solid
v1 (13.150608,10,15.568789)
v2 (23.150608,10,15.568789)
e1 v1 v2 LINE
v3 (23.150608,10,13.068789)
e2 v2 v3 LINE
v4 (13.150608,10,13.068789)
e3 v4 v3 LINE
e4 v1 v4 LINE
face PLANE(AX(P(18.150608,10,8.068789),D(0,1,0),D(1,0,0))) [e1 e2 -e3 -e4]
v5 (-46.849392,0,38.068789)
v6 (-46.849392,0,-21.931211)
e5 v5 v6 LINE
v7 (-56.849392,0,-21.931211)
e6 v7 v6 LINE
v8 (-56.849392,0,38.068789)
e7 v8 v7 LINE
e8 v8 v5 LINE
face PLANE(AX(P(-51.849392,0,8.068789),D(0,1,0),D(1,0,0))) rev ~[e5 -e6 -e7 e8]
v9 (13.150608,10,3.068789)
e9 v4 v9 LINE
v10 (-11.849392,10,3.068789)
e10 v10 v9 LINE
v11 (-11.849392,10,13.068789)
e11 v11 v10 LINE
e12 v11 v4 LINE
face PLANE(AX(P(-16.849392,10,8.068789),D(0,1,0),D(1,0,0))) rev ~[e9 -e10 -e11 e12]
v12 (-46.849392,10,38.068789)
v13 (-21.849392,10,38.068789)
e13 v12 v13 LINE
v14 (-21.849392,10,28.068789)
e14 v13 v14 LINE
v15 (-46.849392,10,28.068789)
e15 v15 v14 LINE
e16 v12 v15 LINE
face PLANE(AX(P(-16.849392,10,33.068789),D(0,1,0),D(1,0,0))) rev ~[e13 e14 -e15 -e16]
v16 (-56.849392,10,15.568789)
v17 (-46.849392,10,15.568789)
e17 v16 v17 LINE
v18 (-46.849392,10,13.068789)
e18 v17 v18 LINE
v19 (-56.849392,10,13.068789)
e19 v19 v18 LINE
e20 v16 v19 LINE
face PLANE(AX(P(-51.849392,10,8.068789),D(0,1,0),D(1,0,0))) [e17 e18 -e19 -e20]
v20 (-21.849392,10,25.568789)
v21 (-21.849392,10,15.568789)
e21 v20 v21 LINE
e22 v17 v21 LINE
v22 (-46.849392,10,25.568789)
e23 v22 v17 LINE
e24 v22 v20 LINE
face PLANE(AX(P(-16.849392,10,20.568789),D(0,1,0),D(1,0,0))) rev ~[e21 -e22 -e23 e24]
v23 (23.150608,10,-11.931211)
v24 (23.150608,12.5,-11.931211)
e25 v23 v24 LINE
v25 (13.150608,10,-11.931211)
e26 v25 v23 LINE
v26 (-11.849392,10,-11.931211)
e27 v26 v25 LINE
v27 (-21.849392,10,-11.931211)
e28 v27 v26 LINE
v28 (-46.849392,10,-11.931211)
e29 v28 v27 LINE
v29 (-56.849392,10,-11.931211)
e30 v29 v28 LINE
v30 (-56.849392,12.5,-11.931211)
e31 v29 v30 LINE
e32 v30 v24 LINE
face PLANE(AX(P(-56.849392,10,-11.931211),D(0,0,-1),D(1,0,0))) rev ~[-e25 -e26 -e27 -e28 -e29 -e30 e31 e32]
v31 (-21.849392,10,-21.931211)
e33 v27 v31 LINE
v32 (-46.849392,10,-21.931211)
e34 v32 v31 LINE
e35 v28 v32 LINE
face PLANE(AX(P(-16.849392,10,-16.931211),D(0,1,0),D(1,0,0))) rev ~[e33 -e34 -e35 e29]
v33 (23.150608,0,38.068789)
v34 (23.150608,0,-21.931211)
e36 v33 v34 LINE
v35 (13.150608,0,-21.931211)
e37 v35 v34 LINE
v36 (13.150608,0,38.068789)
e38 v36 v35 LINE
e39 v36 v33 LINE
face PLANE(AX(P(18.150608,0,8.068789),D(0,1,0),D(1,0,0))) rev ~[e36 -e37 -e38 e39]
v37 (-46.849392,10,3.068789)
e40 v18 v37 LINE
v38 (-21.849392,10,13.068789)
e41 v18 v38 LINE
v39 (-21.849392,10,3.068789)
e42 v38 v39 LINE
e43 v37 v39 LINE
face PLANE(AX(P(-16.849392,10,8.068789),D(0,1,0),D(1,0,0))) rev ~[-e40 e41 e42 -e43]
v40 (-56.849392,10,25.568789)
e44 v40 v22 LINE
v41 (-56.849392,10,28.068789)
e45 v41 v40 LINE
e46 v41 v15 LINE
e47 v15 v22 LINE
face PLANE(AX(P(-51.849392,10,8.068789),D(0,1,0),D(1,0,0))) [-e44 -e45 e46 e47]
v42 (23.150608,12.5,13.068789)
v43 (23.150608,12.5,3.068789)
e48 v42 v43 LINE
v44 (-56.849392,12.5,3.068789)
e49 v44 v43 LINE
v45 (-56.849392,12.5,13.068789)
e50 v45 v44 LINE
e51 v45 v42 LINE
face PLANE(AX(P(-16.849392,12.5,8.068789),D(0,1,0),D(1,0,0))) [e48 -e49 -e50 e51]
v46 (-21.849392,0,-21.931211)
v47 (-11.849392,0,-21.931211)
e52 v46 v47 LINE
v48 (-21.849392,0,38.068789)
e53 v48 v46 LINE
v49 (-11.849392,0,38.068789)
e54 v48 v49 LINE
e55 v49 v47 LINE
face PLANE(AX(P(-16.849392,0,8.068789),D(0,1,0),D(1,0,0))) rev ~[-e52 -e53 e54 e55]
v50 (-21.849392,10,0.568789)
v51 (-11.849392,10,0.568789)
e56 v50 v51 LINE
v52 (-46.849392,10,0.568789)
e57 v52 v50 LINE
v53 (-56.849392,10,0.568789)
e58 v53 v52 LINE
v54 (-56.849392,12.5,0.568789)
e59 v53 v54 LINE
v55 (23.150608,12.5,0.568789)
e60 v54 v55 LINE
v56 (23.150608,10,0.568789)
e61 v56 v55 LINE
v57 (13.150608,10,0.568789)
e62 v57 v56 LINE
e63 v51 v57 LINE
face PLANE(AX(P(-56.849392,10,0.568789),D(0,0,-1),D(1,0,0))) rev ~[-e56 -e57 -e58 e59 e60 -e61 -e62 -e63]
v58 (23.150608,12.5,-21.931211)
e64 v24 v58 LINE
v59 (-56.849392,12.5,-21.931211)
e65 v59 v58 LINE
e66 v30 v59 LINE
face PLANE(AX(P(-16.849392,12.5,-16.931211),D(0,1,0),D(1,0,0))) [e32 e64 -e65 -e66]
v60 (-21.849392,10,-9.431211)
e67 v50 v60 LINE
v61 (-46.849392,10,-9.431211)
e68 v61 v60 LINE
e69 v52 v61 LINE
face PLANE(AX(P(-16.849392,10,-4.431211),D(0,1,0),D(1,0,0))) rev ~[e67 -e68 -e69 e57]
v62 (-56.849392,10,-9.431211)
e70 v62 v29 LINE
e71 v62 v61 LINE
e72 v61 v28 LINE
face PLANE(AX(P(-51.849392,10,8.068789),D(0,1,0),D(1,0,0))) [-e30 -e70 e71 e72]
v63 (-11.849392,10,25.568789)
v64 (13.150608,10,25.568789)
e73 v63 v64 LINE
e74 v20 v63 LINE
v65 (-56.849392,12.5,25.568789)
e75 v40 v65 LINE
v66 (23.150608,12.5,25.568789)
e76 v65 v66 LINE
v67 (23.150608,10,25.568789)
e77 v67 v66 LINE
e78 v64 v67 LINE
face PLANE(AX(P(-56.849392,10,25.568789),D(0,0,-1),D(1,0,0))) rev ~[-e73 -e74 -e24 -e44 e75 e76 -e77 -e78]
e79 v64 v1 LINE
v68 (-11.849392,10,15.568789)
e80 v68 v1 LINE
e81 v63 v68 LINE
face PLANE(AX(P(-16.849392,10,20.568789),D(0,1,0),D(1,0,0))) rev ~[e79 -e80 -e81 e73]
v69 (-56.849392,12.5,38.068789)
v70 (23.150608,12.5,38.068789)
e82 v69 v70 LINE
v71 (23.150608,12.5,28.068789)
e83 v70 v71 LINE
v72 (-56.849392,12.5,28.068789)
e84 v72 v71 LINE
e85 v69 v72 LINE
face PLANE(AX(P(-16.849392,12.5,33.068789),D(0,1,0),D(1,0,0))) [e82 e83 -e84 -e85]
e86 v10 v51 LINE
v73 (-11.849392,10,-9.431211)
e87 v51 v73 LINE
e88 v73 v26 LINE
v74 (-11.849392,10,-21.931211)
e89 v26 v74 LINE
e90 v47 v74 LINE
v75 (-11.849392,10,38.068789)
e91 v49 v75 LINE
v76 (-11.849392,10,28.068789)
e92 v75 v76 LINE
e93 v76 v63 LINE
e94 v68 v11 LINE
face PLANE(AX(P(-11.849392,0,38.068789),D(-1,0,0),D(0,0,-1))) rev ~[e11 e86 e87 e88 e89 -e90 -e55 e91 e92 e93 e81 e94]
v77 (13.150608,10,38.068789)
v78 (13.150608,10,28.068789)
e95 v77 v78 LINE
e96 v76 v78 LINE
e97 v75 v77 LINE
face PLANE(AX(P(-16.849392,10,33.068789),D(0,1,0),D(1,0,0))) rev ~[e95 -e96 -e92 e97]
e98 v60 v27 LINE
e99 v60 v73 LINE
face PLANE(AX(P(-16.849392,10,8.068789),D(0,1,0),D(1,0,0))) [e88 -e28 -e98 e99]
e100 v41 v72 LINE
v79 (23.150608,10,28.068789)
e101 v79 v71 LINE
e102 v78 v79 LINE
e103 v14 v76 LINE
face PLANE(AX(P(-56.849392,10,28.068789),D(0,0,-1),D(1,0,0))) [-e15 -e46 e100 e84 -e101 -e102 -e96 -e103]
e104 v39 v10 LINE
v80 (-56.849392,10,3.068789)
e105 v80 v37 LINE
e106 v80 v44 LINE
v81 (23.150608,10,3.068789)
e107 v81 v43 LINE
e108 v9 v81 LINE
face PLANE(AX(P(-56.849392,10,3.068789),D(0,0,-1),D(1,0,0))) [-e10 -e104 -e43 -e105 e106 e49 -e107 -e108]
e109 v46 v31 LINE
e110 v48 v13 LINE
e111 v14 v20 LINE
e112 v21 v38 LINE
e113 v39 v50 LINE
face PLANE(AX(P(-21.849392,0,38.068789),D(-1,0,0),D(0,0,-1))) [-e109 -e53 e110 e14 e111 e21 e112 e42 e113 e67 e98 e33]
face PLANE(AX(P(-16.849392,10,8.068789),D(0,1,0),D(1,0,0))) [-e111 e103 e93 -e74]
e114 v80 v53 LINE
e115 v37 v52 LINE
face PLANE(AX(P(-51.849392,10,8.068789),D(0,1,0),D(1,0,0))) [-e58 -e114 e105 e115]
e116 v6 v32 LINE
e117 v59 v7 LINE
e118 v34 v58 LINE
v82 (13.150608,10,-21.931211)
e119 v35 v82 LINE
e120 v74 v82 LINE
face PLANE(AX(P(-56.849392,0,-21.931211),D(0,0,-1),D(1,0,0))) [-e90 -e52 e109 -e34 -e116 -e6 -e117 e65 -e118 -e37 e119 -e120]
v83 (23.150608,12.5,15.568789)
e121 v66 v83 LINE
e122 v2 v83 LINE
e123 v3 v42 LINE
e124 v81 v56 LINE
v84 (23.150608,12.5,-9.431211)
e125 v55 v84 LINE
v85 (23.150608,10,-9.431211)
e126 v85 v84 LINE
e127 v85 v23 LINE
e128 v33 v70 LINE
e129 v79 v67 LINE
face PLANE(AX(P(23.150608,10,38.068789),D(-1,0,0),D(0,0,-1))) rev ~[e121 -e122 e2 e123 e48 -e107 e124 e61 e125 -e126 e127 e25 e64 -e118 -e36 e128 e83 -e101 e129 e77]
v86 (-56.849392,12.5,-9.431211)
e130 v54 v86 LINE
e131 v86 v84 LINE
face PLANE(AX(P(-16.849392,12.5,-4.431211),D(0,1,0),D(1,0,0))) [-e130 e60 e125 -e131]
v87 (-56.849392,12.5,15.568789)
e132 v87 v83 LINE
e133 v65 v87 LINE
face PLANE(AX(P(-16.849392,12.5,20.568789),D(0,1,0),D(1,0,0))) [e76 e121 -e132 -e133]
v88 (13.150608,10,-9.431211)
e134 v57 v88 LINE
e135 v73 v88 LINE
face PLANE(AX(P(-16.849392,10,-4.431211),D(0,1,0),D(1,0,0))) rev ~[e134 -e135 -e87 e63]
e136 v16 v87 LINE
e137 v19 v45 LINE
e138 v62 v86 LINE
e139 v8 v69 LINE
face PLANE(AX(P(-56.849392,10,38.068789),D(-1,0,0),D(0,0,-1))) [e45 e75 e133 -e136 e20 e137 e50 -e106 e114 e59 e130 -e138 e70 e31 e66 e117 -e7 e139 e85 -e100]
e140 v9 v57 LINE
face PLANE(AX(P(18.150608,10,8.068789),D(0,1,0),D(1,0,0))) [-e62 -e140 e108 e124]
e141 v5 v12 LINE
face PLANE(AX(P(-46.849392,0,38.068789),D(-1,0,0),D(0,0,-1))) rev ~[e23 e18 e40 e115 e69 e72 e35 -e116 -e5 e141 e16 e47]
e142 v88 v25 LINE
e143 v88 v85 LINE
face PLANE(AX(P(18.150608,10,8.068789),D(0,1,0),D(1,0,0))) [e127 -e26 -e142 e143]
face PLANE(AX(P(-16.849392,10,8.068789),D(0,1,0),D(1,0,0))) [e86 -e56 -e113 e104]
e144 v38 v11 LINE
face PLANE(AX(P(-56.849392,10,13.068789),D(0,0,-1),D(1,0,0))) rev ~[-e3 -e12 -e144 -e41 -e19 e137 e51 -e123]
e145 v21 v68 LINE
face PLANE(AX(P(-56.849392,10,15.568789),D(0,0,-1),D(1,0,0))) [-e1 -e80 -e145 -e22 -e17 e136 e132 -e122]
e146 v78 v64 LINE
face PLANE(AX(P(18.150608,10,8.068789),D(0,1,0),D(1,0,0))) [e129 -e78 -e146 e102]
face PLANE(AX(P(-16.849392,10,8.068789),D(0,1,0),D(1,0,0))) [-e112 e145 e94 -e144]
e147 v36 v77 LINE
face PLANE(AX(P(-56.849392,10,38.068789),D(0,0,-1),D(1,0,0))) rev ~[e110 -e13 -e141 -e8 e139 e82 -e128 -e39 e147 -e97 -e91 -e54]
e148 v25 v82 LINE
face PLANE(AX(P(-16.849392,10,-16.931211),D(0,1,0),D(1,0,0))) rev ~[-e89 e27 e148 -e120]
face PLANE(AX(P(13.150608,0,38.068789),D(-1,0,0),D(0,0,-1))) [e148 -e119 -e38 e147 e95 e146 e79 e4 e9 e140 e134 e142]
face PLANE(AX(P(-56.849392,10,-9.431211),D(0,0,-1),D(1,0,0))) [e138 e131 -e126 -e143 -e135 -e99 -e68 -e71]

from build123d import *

# Parameters (mm, degrees)
CROQUIS1_W                = 10
CROQUIS1_H                = 60
SALIENTE_EXTRUIR1_DEPTH   = 10
SALIENTE_EXTRUIR1_2_DEPTH = 10
SALIENTE_EXTRUIR1_3_DEPTH = 10
CROQUIS2_W                = 80
CROQUIS2_H                = 10
SALIENTE_EXTRUIR2_DEPTH   = 2.5


with BuildPart() as part:
    # Croquis1 → Saliente-Extruir1 (new body)
    with BuildSketch(Plane(origin=(0, 0, 0), x_dir=(1, 0, 0), z_dir=(0, 1, 0))):
        with Locations((-51.849391859, -8.068789191)):
            Rectangle(CROQUIS1_W, CROQUIS1_H)
    extrude(amount=SALIENTE_EXTRUIR1_DEPTH)



with BuildPart() as body_2:
    # Croquis1 → Saliente-Extruir1 2 (new body)
    with BuildSketch(Plane(origin=(0, 0, 0), x_dir=(1, 0, 0), z_dir=(0, 1, 0))):
        with Locations((-16.849391859, -8.068789191)):
            Rectangle(CROQUIS1_W, CROQUIS1_H)
    extrude(amount=SALIENTE_EXTRUIR1_2_DEPTH)


with BuildPart() as body_3:
    # Croquis1 → Saliente-Extruir1 3 (new body)
    with BuildSketch(Plane(origin=(0, 0, 0), x_dir=(1, 0, 0), z_dir=(0, 1, 0))):
        with Locations((18.150608141, -8.068789191)):
            Rectangle(CROQUIS1_W, CROQUIS1_H)
    extrude(amount=SALIENTE_EXTRUIR1_3_DEPTH)


with BuildPart() as part_1:
    add(part.part)

    add(body_2.part)  # Saliente-Extruir2 merges body 2

    add(body_3.part)  # Saliente-Extruir2 merges body 3
    # Croquis2 → Saliente-Extruir2 (add)
    with BuildSketch(Plane(origin=(0, 10, 0), x_dir=(1, 0, 0), z_dir=(0, 1, 0))):
        with Locations((-16.849391859, -33.068789191)):
            Rectangle(CROQUIS2_W, CROQUIS2_H)
        with Locations((-16.849391859, 16.931210809)):
            Rectangle(CROQUIS2_W, CROQUIS2_H)
        with Locations((-16.849391859, 4.431210809)):
            Rectangle(CROQUIS2_W, CROQUIS2_H)
        with Locations((-16.849391859, -20.568789191)):
            Rectangle(CROQUIS2_W, CROQUIS2_H)
        with Locations((-16.849391859, -8.068789191)):
            Rectangle(CROQUIS2_W, CROQUIS2_H)
    extrude(amount=SALIENTE_EXTRUIR2_DEPTH)


solid = part_1.part
